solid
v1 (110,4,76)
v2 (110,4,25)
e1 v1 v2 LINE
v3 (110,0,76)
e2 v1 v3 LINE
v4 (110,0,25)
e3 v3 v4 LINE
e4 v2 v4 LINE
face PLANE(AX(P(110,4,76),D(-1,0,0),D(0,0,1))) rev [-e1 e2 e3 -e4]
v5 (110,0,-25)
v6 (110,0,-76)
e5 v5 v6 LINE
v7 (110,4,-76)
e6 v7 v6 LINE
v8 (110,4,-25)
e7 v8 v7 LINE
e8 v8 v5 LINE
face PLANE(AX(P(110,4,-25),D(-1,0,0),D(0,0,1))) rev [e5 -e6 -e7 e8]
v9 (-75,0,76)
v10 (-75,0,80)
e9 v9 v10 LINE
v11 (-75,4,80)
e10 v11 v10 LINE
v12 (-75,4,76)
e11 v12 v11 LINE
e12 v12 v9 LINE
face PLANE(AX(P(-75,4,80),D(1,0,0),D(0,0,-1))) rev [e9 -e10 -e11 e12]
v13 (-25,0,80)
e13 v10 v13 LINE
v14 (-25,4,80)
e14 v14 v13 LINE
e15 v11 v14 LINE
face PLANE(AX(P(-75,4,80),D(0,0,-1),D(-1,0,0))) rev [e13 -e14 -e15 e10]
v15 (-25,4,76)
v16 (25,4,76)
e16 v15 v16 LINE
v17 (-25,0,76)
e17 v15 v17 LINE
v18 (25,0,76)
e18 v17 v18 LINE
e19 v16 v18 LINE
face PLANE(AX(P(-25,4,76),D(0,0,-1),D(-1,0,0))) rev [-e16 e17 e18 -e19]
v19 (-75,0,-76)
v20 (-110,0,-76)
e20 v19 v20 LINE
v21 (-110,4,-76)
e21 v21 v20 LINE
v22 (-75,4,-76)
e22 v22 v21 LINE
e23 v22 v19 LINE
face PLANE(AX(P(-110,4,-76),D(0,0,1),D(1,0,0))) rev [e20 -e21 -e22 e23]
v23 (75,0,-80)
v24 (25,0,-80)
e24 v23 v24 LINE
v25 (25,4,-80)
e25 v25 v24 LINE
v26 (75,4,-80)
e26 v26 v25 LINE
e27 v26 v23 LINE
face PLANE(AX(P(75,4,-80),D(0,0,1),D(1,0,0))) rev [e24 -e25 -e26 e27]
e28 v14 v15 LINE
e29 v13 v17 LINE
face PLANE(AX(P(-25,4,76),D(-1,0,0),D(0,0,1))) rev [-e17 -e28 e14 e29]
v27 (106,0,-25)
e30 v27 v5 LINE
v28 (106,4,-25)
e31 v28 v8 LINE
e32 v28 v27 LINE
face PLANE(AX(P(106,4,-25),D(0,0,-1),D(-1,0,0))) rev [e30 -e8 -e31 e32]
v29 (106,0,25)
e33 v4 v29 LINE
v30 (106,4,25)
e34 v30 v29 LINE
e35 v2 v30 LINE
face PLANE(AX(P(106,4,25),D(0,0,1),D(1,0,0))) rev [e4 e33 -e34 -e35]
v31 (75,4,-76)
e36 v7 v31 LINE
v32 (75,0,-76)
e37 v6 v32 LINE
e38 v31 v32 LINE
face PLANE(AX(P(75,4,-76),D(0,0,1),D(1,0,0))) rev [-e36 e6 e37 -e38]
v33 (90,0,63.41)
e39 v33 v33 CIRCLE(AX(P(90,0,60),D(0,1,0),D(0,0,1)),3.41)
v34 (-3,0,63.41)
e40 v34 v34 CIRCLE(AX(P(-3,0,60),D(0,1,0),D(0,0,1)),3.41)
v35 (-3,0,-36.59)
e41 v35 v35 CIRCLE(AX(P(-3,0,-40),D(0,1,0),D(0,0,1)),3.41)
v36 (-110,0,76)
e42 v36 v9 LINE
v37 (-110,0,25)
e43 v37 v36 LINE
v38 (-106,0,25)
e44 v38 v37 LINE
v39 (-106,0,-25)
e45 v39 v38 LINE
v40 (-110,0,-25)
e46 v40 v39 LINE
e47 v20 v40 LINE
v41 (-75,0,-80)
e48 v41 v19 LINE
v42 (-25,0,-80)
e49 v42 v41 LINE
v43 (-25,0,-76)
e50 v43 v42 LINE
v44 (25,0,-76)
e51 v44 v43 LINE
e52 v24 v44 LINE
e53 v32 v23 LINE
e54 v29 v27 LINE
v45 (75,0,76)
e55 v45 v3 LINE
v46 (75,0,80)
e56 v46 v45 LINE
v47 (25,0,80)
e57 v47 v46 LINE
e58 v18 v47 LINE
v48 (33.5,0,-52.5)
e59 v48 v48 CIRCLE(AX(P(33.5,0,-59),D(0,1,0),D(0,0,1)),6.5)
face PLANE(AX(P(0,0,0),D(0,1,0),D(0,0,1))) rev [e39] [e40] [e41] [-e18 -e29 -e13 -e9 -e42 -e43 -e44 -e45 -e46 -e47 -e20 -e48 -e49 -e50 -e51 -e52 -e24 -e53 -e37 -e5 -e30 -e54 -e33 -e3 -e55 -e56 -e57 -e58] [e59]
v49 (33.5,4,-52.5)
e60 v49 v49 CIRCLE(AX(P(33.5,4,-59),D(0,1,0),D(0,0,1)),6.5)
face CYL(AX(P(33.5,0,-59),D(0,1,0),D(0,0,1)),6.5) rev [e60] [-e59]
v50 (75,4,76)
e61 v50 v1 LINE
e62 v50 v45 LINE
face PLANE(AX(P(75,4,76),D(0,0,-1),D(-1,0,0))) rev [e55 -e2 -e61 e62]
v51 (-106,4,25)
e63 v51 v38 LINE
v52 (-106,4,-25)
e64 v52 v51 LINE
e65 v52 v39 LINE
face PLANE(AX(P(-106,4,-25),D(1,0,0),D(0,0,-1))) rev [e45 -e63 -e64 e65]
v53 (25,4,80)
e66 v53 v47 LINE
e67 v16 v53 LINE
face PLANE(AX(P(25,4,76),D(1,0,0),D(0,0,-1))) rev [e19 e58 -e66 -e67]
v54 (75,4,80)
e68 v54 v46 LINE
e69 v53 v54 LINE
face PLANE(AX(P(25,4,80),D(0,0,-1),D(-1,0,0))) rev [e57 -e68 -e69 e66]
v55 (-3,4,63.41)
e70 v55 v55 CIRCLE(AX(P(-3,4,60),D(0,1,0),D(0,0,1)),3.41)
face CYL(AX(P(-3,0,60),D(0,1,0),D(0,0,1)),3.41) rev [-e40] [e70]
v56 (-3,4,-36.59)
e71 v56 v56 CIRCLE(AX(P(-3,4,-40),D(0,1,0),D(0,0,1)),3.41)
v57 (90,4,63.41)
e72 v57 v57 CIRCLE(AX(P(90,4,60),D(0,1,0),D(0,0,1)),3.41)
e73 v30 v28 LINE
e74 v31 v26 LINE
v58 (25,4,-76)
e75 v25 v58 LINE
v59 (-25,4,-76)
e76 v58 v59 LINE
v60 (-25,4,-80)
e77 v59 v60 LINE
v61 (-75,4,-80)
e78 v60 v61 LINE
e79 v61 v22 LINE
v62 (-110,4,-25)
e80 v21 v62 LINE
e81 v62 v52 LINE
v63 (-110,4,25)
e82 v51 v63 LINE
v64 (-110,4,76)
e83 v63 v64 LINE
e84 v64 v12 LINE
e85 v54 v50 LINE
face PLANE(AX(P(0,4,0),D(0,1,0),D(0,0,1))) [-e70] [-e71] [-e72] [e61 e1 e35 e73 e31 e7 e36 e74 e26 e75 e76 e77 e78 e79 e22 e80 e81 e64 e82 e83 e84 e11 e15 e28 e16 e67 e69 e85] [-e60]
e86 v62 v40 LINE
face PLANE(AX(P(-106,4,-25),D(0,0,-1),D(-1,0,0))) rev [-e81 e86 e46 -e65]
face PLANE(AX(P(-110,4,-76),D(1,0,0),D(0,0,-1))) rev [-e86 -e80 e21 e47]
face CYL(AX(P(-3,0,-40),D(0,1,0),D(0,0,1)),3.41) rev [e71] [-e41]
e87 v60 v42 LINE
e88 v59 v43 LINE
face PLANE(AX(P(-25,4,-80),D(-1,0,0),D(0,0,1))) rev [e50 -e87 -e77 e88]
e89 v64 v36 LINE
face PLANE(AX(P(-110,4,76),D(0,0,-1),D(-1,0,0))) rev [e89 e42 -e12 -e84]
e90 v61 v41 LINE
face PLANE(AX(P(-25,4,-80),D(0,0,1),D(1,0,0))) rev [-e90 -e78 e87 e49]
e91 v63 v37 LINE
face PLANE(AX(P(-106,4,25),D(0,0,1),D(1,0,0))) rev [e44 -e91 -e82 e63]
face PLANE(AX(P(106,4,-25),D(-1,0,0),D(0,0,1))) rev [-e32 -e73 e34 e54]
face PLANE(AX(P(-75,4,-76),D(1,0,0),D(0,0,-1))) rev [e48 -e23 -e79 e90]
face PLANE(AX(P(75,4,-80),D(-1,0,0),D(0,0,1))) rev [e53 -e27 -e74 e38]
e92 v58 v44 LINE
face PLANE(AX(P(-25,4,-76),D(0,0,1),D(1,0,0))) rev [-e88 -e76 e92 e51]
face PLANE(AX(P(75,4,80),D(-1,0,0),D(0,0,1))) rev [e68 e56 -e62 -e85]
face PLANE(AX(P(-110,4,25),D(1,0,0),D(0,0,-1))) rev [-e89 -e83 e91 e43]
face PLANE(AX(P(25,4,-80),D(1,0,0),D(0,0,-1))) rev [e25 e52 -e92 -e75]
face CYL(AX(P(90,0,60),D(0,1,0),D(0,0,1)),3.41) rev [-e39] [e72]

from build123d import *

# Parameters (mm, degrees)
BOSS_EXTRUDE1_DEPTH = 4
SKETCH3_R           = 3.41
CUT_EXTRUDE1_DEPTH  = 137.073509545
SKETCH4_R           = 6.5
CUT_EXTRUDE2_DEPTH  = 137.073509545


with BuildPart() as part:
    # Sketch2 → Boss-Extrude1 (new body)
    with BuildSketch(Plane(origin=(0, 0, 0), x_dir=(1, 0, 0), z_dir=(0, 1, 0))):
        Polygon((-110, 76), (-110, 25), (-106, 25), (-106, -25), (-110, -25), (-110, -76), (-75, -76), (-75, -80), (-25, -80), (-25, -76), (25, -76), (25, -80), (75, -80), (75, -76), (110, -76), (110, -25), (106, -25), (106, 25), (110, 25), (110, 76), (75, 76), (75, 80), (25, 80), (25, 76), (-25, 76), (-25, 80), (-75, 80), (-75, 76), align=None)
    extrude(amount=BOSS_EXTRUDE1_DEPTH)

    # Sketch3 → Cut-Extrude1 (cut, through all)
    with BuildSketch(Plane(origin=(0, 4, 0), x_dir=(1, 0, 0), z_dir=(0, 1, 0))):
        with Locations(Location((90, -60, 0), (0, 0, 270))):
            Circle(SKETCH3_R)
        with Locations(Location((-3, -60, 0), (0, 0, 270))):
            Circle(SKETCH3_R)
        with Locations(Location((-3, 40, 0), (0, 0, 270))):
            Circle(SKETCH3_R)
    extrude(amount=-CUT_EXTRUDE1_DEPTH, mode=Mode.SUBTRACT)

    # Sketch4 → Cut-Extrude2 (cut, through all)
    with BuildSketch(Plane(origin=(0, 4, 0), x_dir=(1, 0, 0), z_dir=(0, 1, 0))):
        with Locations(Location((33.5, 59, 0), (0, 0, 270))):
            Circle(SKETCH4_R)
    extrude(amount=-CUT_EXTRUDE2_DEPTH, mode=Mode.SUBTRACT)


solid = part.part
